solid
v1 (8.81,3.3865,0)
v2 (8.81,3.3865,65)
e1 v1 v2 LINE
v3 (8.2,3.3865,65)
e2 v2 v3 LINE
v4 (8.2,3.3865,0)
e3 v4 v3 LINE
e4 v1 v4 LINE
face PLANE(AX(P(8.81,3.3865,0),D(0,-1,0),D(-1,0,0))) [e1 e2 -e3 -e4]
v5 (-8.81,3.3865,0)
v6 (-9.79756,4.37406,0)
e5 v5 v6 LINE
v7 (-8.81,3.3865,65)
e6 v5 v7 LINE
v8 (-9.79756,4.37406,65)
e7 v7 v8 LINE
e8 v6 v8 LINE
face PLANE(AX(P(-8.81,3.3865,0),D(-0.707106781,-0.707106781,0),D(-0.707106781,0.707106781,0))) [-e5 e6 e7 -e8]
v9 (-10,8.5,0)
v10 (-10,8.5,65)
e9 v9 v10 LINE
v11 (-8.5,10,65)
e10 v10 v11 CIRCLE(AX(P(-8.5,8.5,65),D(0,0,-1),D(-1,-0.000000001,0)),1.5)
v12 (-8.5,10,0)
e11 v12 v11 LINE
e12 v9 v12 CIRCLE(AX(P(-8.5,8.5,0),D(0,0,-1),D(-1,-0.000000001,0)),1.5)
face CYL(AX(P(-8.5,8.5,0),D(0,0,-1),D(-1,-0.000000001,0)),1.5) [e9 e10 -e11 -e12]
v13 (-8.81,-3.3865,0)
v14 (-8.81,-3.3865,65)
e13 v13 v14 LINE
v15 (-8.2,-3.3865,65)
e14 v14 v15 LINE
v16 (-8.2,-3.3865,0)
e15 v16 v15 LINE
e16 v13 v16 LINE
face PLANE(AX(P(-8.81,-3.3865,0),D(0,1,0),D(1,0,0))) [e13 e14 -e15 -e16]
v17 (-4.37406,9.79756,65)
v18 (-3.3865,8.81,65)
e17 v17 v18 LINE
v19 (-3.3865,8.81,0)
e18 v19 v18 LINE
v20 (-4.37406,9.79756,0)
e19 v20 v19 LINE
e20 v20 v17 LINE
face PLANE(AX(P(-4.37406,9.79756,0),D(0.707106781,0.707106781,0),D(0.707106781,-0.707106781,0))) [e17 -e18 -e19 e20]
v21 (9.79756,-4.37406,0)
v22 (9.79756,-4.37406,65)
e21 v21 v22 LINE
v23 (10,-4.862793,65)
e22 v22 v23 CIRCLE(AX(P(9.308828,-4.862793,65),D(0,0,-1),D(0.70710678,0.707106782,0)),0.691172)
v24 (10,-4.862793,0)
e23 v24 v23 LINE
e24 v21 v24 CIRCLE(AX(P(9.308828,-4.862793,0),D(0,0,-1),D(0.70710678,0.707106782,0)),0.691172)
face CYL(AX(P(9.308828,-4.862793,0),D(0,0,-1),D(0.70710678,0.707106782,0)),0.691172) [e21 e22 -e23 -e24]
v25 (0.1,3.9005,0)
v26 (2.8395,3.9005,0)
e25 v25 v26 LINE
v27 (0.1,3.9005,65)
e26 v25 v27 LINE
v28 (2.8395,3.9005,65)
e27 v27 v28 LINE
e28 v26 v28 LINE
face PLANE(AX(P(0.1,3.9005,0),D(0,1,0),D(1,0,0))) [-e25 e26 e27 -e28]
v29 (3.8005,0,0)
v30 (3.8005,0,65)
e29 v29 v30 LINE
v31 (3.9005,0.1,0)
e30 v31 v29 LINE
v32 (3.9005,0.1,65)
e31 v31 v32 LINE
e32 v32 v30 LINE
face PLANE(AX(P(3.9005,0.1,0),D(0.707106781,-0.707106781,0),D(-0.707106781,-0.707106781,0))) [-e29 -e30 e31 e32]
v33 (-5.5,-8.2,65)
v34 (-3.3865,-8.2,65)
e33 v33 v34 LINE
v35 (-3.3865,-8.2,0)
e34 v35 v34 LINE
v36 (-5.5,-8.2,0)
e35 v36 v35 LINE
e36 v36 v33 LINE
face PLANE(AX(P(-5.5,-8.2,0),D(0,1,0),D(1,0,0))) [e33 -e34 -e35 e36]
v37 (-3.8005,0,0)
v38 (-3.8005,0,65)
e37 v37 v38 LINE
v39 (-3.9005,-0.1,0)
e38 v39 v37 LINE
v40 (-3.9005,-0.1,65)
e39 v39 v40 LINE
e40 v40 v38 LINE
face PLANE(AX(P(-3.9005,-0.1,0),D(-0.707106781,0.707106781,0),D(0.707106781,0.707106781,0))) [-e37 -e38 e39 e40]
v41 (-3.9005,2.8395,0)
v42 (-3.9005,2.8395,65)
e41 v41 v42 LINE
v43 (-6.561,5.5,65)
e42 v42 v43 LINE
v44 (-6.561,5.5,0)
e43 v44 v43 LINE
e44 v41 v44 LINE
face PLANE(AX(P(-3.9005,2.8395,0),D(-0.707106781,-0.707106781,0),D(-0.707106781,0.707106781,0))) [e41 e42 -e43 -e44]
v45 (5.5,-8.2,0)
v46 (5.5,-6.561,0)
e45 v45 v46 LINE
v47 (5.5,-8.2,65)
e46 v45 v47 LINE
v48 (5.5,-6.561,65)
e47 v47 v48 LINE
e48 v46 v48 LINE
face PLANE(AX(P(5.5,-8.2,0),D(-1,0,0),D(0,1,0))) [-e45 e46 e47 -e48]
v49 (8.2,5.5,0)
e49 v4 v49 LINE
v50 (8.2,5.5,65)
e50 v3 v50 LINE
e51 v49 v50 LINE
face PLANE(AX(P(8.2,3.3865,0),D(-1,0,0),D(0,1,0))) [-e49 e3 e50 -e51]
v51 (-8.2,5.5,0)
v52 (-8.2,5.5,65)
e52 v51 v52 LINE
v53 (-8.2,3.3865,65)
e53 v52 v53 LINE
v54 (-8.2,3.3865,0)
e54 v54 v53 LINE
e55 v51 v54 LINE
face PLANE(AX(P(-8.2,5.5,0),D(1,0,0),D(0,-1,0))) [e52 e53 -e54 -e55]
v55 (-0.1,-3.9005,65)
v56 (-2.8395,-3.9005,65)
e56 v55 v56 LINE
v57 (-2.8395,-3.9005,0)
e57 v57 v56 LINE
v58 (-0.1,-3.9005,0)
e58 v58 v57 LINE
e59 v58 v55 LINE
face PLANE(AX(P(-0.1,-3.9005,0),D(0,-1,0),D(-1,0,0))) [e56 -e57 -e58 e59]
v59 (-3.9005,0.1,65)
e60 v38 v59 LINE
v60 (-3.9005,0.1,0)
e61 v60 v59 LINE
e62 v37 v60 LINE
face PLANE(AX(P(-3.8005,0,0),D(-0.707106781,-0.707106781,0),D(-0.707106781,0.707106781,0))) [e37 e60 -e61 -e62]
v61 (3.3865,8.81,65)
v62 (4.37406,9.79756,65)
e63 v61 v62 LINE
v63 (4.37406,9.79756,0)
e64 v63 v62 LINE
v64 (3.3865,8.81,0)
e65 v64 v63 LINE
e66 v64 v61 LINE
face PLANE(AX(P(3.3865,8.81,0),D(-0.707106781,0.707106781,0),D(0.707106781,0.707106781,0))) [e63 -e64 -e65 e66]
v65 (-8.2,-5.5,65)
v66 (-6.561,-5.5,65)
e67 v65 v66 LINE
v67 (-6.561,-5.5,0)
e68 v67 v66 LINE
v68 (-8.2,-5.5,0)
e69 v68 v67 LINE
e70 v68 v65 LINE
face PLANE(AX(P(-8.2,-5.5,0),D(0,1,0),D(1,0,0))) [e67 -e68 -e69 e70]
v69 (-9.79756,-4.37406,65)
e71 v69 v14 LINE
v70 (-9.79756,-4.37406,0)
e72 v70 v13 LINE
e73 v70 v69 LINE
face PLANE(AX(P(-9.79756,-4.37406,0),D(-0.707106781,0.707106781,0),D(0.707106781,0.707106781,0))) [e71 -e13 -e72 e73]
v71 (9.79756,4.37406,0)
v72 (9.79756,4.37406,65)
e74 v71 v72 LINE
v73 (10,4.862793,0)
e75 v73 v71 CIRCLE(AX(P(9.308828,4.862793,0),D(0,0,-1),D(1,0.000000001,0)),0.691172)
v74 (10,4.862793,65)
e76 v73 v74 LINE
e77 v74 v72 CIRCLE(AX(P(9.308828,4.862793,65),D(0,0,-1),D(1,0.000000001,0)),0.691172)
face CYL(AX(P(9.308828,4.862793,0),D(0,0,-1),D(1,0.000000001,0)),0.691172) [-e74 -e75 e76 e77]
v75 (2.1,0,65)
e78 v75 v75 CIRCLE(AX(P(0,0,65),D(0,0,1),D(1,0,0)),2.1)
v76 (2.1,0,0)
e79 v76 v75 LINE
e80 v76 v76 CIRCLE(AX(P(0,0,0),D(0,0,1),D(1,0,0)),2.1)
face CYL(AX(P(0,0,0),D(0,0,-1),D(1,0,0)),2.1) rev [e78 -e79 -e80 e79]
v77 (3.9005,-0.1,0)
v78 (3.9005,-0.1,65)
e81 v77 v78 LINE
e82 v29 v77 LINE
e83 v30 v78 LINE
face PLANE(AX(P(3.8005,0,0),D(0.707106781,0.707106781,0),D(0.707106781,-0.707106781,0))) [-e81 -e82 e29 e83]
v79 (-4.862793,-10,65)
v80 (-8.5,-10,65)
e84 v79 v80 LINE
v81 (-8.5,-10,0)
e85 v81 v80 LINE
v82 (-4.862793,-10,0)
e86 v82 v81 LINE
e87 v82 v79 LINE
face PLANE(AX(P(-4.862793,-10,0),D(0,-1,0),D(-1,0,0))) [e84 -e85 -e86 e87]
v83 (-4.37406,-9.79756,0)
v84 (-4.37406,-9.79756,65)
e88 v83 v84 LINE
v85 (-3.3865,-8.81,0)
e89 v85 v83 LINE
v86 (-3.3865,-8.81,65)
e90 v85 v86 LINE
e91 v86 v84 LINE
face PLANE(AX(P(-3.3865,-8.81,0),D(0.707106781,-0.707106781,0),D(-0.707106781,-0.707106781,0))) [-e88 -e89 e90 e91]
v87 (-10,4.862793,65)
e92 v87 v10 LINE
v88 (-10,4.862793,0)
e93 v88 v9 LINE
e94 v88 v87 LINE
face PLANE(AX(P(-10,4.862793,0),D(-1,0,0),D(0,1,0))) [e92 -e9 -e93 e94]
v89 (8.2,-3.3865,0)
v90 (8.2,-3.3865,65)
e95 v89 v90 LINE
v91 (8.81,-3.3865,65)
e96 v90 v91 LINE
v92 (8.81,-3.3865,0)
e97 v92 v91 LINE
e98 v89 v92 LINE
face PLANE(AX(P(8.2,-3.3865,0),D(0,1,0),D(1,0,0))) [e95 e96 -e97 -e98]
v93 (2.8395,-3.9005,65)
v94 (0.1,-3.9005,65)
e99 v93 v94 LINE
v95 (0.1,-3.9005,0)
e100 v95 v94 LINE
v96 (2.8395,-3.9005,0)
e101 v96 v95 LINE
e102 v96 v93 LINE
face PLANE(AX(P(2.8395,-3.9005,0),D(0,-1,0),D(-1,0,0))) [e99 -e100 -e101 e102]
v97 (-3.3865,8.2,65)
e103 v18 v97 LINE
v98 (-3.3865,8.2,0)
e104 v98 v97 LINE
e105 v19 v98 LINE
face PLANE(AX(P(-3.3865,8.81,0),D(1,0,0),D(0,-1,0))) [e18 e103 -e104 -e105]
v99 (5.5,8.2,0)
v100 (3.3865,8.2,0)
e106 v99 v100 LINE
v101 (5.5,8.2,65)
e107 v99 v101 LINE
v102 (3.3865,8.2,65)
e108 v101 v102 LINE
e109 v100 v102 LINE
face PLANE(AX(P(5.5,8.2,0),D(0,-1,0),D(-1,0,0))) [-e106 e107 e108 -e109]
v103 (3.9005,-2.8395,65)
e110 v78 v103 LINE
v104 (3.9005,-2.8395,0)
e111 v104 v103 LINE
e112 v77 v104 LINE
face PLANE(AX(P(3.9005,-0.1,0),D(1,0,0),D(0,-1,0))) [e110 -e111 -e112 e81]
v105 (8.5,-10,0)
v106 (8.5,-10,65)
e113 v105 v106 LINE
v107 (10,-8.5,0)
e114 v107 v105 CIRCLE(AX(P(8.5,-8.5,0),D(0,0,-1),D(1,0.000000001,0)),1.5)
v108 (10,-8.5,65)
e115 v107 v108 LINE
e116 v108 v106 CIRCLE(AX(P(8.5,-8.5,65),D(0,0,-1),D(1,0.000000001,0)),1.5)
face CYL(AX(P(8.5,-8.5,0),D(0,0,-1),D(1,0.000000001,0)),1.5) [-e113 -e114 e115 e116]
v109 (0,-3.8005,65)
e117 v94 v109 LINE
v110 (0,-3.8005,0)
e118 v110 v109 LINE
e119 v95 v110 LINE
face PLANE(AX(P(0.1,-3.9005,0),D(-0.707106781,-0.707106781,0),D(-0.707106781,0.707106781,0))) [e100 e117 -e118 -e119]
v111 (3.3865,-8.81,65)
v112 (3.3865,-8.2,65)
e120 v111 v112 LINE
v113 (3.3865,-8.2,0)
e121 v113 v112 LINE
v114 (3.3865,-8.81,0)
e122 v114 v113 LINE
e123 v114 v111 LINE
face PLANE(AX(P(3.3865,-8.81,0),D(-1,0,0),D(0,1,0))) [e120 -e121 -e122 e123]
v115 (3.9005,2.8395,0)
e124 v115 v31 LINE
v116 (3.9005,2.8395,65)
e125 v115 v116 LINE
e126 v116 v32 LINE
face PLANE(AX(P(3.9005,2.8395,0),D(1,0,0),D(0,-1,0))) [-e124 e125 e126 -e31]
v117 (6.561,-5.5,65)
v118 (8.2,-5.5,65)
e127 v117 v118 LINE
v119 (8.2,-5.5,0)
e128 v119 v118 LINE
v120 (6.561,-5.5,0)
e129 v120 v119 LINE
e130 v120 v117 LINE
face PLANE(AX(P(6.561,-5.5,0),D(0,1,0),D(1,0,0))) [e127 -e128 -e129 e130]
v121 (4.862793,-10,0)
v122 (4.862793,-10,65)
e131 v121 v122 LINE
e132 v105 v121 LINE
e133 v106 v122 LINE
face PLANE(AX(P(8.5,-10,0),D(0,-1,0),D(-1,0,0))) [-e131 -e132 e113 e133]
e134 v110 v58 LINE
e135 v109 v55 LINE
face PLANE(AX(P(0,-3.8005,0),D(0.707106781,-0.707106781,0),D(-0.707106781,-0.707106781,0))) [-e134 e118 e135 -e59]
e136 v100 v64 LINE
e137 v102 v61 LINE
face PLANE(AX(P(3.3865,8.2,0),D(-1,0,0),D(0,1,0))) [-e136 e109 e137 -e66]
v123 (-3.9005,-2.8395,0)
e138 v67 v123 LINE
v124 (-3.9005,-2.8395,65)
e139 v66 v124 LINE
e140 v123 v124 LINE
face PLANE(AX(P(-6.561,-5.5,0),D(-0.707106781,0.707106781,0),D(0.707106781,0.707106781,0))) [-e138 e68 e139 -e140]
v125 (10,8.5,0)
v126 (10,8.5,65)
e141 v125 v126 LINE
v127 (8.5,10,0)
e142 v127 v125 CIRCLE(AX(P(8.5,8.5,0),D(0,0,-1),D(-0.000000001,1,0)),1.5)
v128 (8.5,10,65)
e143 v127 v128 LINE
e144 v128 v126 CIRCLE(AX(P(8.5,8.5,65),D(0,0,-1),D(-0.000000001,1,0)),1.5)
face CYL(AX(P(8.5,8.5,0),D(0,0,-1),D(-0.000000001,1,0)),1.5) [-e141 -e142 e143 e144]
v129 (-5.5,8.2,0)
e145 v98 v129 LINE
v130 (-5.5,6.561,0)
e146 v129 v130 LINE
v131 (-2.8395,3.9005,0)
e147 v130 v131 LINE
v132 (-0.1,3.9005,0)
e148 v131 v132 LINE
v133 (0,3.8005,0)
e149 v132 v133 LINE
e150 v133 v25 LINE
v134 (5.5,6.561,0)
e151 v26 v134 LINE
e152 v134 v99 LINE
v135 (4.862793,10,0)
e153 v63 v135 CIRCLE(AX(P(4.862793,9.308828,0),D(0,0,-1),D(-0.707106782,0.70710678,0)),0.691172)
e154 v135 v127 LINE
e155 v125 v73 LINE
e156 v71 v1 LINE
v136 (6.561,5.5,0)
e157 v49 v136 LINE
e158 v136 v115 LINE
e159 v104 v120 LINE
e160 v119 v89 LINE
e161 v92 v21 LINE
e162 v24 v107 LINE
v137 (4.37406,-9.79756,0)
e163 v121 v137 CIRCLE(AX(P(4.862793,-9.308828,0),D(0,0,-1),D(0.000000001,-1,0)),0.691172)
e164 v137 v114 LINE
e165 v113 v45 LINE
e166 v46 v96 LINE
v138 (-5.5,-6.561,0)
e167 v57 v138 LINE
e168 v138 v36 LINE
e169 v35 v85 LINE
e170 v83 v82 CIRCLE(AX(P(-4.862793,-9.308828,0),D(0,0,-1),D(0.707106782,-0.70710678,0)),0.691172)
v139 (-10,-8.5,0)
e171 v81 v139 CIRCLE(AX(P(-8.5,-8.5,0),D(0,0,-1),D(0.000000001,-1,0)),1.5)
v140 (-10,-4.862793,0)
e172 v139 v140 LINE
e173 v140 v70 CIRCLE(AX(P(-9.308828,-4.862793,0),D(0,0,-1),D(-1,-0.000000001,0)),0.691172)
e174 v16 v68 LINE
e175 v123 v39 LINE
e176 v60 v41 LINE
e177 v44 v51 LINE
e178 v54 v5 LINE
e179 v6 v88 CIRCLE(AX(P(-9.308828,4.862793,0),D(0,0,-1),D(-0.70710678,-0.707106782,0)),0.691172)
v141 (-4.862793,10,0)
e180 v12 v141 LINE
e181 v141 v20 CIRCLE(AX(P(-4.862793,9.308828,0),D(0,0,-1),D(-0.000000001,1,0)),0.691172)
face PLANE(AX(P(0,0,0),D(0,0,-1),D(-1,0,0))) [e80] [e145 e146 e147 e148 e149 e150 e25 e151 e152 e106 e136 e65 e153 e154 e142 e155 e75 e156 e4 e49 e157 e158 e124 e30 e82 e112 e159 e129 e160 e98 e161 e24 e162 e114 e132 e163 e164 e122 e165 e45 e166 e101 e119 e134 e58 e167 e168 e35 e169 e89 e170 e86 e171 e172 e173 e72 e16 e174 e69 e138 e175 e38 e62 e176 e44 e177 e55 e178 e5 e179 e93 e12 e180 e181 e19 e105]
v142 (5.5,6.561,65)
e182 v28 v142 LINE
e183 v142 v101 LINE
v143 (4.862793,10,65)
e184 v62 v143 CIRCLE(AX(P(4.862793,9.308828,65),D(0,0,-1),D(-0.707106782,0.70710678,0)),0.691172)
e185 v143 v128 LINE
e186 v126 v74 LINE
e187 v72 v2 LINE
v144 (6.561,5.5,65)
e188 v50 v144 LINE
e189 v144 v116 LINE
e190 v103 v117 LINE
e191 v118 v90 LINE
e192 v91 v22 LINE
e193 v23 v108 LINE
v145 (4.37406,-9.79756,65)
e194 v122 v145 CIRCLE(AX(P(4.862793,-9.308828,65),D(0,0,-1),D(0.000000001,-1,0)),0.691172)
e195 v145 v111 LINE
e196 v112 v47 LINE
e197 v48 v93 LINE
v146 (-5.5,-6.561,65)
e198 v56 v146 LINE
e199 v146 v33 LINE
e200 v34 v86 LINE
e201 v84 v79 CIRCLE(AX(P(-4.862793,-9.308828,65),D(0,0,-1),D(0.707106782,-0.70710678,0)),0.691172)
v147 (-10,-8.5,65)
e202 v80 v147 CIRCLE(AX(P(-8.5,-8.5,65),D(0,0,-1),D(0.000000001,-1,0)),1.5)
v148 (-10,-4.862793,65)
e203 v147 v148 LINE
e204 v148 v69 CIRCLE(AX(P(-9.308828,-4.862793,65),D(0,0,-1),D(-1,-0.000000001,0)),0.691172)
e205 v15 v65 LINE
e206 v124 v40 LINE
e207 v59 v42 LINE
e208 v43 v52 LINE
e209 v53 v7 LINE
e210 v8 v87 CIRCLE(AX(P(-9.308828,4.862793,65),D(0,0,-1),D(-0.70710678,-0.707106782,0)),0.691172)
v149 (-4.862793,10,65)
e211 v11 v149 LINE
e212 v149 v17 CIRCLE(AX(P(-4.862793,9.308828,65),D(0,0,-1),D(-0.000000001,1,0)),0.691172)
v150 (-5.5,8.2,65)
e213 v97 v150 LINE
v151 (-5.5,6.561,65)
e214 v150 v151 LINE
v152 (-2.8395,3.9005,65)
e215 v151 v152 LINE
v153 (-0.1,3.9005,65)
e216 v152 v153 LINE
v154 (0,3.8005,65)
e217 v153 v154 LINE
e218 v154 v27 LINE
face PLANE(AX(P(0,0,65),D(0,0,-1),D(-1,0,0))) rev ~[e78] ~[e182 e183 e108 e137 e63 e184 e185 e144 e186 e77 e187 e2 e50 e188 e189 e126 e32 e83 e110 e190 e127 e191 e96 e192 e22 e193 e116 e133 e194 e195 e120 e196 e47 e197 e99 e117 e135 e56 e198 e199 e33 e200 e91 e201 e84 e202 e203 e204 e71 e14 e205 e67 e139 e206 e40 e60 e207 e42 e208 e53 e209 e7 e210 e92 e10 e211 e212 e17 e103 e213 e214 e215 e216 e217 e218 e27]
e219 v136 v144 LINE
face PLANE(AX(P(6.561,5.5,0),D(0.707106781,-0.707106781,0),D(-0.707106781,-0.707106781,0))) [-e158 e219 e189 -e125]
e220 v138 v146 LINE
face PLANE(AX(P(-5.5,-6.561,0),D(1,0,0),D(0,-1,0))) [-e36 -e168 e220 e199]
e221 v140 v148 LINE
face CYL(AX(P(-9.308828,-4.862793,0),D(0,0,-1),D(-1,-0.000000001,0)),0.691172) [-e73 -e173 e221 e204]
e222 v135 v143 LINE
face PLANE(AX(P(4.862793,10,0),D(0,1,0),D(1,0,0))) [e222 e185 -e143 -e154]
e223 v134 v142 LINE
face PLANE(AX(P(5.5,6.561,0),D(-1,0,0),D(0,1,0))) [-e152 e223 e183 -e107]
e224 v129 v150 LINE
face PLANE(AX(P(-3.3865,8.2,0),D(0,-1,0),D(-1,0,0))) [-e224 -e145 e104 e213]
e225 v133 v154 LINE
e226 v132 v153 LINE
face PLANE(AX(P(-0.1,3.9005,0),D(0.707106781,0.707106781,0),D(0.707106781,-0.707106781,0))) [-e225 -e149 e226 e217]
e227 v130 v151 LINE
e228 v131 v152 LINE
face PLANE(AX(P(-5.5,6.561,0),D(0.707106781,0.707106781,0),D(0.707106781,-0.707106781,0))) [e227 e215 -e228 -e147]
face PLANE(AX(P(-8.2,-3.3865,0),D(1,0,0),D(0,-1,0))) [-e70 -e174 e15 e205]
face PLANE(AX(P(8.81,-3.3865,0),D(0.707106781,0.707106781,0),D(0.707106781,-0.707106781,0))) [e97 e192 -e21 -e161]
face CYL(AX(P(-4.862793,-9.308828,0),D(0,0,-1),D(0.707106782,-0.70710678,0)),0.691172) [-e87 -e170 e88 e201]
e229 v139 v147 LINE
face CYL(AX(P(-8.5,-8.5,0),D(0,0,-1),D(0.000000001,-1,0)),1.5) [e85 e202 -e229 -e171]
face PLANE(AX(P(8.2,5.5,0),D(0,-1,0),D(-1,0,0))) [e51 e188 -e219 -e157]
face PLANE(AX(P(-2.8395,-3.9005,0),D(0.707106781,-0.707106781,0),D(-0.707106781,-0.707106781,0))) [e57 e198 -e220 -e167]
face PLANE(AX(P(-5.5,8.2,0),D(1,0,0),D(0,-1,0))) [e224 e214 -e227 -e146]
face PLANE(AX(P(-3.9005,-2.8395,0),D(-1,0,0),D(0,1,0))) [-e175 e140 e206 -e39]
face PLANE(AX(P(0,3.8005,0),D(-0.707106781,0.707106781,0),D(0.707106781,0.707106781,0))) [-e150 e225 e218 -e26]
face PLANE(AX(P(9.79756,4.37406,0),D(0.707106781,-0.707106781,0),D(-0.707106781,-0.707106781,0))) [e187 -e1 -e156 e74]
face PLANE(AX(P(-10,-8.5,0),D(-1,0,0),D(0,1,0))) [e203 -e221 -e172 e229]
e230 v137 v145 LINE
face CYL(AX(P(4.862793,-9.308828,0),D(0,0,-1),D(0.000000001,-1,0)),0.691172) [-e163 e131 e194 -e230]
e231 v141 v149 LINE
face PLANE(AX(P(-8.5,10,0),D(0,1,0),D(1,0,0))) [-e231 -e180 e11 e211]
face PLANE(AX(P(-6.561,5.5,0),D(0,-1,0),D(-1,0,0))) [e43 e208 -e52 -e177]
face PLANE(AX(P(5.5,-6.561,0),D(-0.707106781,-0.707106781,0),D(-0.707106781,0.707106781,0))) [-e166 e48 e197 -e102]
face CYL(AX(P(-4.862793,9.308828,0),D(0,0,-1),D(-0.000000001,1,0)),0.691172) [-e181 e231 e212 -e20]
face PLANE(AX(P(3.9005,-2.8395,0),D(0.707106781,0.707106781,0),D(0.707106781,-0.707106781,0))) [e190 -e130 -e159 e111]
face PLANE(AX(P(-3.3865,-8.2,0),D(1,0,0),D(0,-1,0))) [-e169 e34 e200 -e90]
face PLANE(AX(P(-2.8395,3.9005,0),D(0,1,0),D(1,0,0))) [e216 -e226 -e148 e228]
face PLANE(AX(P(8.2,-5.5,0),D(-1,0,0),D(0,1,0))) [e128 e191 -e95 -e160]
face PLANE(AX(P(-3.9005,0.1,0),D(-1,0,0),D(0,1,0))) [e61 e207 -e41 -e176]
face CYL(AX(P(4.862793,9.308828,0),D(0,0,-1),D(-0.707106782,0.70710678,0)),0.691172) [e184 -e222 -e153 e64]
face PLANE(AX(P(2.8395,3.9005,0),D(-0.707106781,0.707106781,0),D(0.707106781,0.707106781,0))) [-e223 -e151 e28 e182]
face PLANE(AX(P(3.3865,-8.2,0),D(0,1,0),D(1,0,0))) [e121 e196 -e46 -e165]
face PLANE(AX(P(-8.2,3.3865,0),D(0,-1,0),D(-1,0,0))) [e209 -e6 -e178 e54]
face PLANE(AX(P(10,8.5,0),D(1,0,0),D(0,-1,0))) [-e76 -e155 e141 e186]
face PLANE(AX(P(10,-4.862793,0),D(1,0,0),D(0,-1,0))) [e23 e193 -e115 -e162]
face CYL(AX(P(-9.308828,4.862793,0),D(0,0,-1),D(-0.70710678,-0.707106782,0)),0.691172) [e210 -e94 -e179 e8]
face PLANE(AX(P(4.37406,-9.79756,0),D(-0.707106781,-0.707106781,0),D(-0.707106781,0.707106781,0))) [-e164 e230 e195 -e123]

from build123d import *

# Parameters (mm, degrees)
SKETCH1_R           = 2.1
BOSS_EXTRUDE1_DEPTH = 65


with BuildPart() as part:
    # Sketch1 → Boss-Extrude1 (new body)
    with BuildSketch(Plane.XY):
        with BuildLine():
            Line((-8.5, 10), (-4.862792737, 10))
            ThreePointArc((-4.862792737, 10), (-4.598292737, 9.947387679), (-4.374060464, 9.797560464))
            Line((-4.374060464, 9.797560464), (-3.3865, 8.81))
            Line((-3.3865, 8.81), (-3.3865, 8.2))
            Line((-3.3865, 8.2), (-5.5, 8.2))
            Line((-5.5, 8.2), (-5.5, 6.561))
            Line((-5.5, 6.561), (-2.8395, 3.9005))
            Line((-2.8395, 3.9005), (-0.1, 3.9005))
            Line((-0.1, 3.9005), (0, 3.8005))
            Line((0, 3.8005), (0.1, 3.9005))
            Line((0.1, 3.9005), (2.8395, 3.9005))
            Line((2.8395, 3.9005), (5.5, 6.561))
            Line((5.5, 6.561), (5.5, 8.2))
            Line((5.5, 8.2), (3.3865, 8.2))
            Line((3.3865, 8.2), (3.3865, 8.81))
            Line((3.3865, 8.81), (4.374060464, 9.797560464))
            ThreePointArc((4.374060464, 9.797560464), (4.598292737, 9.947387679), (4.862792737, 10))
            Line((4.862792737, 10), (8.5, 10))
            ThreePointArc((8.5, 10), (9.560660172, 9.560660172), (10, 8.5))
            Line((10, 8.5), (10, 4.862792737))
            ThreePointArc((10, 4.862792737), (9.947387679, 4.598292737), (9.797560464, 4.374060464))
            Line((9.797560464, 4.374060464), (8.81, 3.3865))
            Line((8.81, 3.3865), (8.2, 3.3865))
            Line((8.2, 3.3865), (8.2, 5.5))
            Line((8.2, 5.5), (6.561, 5.5))
            Line((6.561, 5.5), (3.9005, 2.8395))
            Line((3.9005, 2.8395), (3.9005, 0.1))
            Line((3.9005, 0.1), (3.8005, 0))
            Line((3.8005, 0), (3.9005, -0.1))
            Line((3.9005, -0.1), (3.9005, -2.8395))
            Line((3.9005, -2.8395), (6.561, -5.5))
            Line((6.561, -5.5), (8.2, -5.5))
            Line((8.2, -5.5), (8.2, -3.3865))
            Line((8.2, -3.3865), (8.81, -3.3865))
            Line((8.81, -3.3865), (9.797560464, -4.374060464))
            ThreePointArc((9.797560464, -4.374060464), (9.947387679, -4.598292737), (10, -4.862792737))
            Line((10, -4.862792737), (10, -8.5))
            ThreePointArc((10, -8.5), (9.560660172, -9.560660172), (8.5, -10))
            Line((8.5, -10), (4.862792737, -10))
            ThreePointArc((4.862792737, -10), (4.598292737, -9.947387679), (4.374060464, -9.797560464))
            Line((4.374060464, -9.797560464), (3.3865, -8.81))
            Line((3.3865, -8.81), (3.3865, -8.2))
            Line((3.3865, -8.2), (5.5, -8.2))
            Line((5.5, -8.2), (5.5, -6.561))
            Line((5.5, -6.561), (2.8395, -3.9005))
            Line((2.8395, -3.9005), (0.1, -3.9005))
            Line((0.1, -3.9005), (0, -3.8005))
            Line((0, -3.8005), (-0.1, -3.9005))
            Line((-0.1, -3.9005), (-2.8395, -3.9005))
            Line((-2.8395, -3.9005), (-5.5, -6.561))
            Line((-5.5, -6.561), (-5.5, -8.2))
            Line((-5.5, -8.2), (-3.3865, -8.2))
            Line((-3.3865, -8.2), (-3.3865, -8.81))
            Line((-3.3865, -8.81), (-4.374060464, -9.797560464))
            ThreePointArc((-4.374060464, -9.797560464), (-4.598292737, -9.947387679), (-4.862792737, -10))
            Line((-4.862792737, -10), (-8.5, -10))
            ThreePointArc((-8.5, -10), (-9.560660172, -9.560660172), (-10, -8.5))
            Line((-10, -8.5), (-10, -4.862792737))
            ThreePointArc((-10, -4.862792737), (-9.947387679, -4.598292737), (-9.797560464, -4.374060464))
            Line((-9.797560464, -4.374060464), (-8.81, -3.3865))
            Line((-8.81, -3.3865), (-8.2, -3.3865))
            Line((-8.2, -3.3865), (-8.2, -5.5))
            Line((-8.2, -5.5), (-6.561, -5.5))
            Line((-6.561, -5.5), (-3.9005, -2.8395))
            Line((-3.9005, -2.8395), (-3.9005, -0.1))
            Line((-3.9005, -0.1), (-3.8005, 0))
            Line((-3.8005, 0), (-3.9005, 0.1))
            Line((-3.9005, 0.1), (-3.9005, 2.8395))
            Line((-3.9005, 2.8395), (-6.561, 5.5))
            Line((-6.561, 5.5), (-8.2, 5.5))
            Line((-8.2, 5.5), (-8.2, 3.3865))
            Line((-8.2, 3.3865), (-8.81, 3.3865))
            Line((-8.81, 3.3865), (-9.797560464, 4.374060464))
            ThreePointArc((-9.797560464, 4.374060464), (-9.947387679, 4.598292737), (-10, 4.862792737))
            Line((-10, 4.862792737), (-10, 8.5))
            ThreePointArc((-10, 8.5), (-9.560660172, 9.560660172), (-8.5, 10))
        make_face()
        Circle(SKETCH1_R, mode=Mode.SUBTRACT)
    extrude(amount=BOSS_EXTRUDE1_DEPTH)


solid = part.part
